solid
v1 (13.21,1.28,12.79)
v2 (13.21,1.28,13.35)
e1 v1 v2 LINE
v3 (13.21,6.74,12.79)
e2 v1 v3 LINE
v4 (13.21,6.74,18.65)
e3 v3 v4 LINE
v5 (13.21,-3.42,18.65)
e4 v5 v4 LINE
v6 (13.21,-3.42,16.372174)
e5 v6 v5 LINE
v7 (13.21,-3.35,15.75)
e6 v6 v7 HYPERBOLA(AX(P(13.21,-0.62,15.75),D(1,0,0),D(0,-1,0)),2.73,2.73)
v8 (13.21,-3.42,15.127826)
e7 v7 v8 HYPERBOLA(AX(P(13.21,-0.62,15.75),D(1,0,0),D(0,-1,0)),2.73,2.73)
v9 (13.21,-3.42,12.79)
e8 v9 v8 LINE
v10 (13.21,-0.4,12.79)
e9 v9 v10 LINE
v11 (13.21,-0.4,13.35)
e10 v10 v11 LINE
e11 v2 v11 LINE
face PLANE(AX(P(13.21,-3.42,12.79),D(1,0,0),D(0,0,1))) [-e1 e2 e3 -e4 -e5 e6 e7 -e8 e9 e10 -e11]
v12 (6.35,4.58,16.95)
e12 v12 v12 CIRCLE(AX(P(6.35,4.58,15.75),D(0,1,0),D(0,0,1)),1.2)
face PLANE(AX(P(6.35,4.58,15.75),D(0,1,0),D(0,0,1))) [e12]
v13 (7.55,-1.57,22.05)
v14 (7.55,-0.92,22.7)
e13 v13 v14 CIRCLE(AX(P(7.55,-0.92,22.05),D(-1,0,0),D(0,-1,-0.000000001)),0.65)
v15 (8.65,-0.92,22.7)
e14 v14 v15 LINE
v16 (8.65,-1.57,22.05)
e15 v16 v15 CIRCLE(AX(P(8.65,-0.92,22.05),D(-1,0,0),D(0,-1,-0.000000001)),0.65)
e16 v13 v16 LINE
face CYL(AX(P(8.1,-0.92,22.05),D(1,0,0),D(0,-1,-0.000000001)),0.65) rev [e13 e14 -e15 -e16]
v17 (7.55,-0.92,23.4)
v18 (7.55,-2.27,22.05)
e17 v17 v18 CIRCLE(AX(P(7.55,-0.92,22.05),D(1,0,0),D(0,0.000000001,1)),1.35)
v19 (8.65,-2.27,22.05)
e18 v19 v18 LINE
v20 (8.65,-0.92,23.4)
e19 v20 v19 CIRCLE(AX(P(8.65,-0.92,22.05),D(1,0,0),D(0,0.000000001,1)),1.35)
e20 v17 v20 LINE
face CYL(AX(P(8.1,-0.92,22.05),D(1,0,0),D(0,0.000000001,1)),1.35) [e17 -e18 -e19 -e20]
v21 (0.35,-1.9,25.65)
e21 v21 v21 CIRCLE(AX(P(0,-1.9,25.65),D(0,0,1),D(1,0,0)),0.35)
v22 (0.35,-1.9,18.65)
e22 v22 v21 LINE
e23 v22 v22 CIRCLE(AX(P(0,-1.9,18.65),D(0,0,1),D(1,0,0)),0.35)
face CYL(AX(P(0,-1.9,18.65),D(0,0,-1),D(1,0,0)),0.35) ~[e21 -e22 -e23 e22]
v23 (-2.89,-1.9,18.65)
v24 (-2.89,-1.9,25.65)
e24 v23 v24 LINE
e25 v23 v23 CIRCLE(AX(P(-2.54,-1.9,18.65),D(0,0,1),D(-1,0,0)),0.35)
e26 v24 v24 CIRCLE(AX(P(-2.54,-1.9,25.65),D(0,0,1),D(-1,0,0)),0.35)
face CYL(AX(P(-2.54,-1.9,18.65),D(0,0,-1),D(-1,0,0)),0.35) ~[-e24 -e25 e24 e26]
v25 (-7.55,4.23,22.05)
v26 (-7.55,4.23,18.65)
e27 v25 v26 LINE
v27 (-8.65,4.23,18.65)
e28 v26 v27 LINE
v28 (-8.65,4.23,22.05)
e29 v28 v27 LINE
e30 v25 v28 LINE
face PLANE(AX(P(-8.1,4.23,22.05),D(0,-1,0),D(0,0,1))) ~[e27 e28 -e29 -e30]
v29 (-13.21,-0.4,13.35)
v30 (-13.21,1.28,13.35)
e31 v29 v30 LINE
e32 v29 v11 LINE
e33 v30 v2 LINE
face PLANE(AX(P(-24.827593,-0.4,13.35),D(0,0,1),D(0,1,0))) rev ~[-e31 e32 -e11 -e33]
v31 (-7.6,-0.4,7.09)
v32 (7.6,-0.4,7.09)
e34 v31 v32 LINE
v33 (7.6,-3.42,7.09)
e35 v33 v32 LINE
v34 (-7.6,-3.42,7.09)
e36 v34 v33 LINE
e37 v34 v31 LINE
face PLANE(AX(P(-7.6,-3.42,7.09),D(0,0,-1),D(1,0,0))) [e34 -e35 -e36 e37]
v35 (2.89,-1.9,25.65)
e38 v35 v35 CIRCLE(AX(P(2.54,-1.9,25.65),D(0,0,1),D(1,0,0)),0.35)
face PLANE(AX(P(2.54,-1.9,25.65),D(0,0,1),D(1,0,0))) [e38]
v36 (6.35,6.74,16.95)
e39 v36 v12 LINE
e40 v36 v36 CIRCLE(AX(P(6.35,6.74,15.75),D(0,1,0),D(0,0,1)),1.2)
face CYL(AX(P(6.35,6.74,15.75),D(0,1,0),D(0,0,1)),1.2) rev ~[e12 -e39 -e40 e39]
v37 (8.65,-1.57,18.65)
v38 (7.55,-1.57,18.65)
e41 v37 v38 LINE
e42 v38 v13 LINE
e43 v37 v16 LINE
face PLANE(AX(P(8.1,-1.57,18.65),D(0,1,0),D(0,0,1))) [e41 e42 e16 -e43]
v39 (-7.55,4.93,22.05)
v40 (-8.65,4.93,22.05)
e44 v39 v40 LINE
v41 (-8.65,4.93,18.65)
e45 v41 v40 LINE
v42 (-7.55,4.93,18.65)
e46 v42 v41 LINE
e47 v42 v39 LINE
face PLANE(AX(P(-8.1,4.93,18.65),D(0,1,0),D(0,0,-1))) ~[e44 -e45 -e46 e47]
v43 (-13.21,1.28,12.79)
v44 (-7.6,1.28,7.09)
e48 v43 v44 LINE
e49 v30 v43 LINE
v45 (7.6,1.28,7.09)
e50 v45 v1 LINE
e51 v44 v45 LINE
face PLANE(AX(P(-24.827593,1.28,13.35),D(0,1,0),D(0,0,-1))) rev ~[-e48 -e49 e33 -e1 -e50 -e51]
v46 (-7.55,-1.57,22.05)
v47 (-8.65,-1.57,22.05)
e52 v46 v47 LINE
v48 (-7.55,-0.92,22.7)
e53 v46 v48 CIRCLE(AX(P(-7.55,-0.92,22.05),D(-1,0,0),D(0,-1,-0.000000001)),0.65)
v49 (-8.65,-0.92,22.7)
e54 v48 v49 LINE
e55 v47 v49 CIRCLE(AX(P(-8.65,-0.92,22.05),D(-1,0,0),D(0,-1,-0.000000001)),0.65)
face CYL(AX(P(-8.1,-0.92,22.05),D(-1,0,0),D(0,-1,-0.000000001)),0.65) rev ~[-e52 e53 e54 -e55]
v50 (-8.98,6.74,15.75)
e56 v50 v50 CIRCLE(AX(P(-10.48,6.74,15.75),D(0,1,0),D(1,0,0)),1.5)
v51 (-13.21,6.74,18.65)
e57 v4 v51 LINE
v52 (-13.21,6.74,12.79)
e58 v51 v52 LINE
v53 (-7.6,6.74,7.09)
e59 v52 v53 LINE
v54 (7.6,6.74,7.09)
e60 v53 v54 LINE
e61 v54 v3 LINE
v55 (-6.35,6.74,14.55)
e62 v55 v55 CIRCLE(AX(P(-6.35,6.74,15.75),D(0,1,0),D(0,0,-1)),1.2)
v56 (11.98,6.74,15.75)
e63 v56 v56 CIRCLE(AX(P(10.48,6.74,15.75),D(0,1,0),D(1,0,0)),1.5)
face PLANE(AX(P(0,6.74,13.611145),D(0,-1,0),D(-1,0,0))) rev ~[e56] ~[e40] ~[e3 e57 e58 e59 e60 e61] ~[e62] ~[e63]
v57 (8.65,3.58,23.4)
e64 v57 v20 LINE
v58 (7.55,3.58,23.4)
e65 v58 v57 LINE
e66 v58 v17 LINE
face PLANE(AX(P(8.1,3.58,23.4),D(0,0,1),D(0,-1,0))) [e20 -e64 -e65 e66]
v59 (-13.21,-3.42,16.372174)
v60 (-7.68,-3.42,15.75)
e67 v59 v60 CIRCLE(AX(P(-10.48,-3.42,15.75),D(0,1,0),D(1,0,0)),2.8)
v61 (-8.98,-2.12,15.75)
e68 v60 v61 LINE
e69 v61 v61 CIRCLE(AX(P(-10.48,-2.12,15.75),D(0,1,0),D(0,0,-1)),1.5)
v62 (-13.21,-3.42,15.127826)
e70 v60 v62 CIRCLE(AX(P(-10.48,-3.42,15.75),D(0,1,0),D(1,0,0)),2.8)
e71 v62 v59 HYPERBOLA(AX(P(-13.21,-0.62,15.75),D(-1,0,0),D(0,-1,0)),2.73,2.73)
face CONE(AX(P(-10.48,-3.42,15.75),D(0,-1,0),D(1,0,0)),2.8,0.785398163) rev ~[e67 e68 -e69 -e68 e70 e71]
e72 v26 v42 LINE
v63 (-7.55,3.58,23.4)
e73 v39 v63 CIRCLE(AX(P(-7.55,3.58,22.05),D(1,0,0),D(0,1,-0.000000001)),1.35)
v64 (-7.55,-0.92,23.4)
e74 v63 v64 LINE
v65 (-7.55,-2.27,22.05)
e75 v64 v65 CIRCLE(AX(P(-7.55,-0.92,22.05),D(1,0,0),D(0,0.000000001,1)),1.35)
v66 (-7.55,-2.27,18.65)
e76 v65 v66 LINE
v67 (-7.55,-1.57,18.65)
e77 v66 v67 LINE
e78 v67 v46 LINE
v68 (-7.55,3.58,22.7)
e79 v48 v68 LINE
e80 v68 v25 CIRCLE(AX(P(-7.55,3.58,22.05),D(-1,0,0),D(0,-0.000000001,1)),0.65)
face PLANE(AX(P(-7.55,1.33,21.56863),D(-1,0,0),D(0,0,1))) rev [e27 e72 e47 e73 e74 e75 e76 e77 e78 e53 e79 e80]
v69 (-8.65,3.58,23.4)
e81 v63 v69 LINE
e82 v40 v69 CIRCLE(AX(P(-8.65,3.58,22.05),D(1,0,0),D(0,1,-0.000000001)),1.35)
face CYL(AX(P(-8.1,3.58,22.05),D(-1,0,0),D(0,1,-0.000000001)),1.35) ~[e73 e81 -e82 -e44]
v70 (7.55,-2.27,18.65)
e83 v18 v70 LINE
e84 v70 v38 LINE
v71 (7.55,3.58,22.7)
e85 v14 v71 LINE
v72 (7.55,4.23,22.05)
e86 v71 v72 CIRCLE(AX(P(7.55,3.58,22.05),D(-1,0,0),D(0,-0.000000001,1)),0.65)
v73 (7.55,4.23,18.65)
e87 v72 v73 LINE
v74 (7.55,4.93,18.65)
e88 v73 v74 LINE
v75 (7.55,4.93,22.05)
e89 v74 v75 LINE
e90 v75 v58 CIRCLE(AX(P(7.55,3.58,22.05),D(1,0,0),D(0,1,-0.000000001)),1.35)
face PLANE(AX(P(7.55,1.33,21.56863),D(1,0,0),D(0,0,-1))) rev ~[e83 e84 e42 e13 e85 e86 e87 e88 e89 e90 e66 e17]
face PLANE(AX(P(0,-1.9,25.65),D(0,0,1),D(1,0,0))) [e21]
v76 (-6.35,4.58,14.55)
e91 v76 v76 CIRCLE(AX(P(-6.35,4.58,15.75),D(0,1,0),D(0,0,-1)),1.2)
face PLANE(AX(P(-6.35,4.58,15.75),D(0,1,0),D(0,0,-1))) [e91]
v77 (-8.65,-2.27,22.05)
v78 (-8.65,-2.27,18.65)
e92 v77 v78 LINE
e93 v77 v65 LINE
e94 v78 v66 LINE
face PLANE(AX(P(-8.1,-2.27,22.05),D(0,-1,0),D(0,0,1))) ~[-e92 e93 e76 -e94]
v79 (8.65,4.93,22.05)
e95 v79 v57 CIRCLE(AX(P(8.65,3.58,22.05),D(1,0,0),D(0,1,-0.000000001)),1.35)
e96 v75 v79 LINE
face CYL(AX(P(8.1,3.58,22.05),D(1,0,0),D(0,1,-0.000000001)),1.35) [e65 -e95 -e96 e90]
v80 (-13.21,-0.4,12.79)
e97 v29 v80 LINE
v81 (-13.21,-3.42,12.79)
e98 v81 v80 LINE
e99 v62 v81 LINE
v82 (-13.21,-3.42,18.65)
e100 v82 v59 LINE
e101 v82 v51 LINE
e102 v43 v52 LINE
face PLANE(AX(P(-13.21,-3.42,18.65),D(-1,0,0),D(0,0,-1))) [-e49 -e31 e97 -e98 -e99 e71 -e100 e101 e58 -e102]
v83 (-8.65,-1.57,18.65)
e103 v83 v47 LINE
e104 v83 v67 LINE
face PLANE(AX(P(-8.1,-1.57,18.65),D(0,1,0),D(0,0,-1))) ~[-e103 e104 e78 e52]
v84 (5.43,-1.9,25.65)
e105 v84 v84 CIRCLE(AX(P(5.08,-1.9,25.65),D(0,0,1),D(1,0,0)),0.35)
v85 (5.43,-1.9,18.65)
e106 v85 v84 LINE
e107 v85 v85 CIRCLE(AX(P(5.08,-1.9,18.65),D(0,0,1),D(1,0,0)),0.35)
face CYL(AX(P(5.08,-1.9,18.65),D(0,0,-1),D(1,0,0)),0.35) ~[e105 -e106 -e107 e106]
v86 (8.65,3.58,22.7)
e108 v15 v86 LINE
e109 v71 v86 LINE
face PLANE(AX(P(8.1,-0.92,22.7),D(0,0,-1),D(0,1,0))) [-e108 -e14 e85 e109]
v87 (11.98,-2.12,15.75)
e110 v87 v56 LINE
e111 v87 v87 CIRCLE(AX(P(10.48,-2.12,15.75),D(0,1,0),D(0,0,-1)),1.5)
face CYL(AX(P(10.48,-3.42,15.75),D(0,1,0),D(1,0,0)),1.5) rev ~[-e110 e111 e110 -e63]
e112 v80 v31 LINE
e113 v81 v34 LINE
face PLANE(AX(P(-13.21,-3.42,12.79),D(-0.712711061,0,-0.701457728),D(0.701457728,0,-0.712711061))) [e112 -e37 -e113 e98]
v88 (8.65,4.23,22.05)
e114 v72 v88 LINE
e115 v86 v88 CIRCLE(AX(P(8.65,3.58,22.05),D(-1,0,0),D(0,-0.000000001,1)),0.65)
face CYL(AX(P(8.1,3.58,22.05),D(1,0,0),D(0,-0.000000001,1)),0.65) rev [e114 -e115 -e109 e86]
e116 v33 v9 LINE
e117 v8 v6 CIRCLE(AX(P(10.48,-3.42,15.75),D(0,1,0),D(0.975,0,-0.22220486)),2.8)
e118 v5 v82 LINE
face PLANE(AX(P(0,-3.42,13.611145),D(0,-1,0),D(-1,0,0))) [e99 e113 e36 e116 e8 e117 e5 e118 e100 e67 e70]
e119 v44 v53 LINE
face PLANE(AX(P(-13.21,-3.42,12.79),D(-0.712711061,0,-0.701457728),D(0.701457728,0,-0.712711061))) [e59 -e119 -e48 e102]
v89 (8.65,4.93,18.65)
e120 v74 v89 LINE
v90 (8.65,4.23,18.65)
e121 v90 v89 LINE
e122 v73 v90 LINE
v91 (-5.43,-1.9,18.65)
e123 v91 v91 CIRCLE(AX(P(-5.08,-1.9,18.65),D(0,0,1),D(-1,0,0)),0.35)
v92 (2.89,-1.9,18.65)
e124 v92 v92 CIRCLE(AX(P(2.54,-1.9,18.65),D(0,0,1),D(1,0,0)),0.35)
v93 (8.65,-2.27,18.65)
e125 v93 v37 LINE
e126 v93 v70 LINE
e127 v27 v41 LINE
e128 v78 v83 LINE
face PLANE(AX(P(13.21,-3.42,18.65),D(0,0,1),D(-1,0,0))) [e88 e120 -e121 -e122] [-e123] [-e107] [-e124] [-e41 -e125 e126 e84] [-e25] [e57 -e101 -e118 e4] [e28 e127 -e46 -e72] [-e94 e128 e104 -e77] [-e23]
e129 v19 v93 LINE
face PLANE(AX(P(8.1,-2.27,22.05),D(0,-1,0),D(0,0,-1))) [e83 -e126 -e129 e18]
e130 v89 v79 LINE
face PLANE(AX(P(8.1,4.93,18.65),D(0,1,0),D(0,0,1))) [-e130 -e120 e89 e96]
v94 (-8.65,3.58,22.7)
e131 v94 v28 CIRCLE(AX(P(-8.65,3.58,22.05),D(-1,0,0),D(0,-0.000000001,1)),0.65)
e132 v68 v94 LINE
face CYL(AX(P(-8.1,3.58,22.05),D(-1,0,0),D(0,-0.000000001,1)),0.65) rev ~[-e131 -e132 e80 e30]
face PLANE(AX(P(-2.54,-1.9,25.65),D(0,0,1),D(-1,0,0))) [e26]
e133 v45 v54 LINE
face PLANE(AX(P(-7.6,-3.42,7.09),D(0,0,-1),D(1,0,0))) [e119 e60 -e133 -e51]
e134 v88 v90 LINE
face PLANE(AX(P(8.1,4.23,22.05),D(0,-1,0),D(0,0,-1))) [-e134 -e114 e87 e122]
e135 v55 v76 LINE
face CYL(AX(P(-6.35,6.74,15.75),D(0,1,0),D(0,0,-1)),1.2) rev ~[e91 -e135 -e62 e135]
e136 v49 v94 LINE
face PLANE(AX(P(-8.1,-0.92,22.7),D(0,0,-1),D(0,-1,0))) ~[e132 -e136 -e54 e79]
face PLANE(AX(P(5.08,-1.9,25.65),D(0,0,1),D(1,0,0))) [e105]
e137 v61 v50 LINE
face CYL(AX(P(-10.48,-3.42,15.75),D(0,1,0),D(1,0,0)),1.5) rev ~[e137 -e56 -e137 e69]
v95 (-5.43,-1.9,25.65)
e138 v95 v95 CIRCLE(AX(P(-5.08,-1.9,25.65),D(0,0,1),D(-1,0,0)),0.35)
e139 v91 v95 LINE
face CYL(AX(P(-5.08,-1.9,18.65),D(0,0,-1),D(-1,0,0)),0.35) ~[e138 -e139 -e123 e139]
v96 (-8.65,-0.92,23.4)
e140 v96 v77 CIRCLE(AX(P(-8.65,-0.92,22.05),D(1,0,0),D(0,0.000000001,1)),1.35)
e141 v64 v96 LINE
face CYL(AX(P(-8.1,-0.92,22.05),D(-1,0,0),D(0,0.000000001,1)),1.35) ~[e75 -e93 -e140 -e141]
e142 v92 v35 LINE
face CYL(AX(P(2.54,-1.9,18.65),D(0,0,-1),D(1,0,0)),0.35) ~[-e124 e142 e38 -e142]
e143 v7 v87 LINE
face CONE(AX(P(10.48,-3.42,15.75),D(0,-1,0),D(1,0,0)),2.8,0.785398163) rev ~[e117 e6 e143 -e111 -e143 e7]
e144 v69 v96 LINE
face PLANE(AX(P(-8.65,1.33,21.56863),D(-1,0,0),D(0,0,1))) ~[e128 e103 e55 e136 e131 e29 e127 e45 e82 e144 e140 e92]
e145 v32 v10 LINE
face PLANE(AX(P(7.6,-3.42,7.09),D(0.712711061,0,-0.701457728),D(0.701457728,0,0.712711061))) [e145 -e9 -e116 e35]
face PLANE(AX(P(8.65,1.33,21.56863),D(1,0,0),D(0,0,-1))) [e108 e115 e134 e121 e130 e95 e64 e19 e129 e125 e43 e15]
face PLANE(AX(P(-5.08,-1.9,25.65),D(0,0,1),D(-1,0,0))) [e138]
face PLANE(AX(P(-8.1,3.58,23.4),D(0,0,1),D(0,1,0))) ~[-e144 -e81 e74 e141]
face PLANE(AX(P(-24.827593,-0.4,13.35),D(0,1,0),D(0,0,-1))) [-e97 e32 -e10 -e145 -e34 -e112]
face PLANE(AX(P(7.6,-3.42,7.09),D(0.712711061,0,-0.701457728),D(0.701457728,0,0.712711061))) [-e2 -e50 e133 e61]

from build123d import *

# Parameters (mm, degrees)
AUFSATZ_LINEAR_AUSTRAGEN1_DEPTH                      = 6.74
AUFSATZ_LINEAR_AUSTRAGEN1_DEPTH_BACK                 = 3.42
SKIZZE1_R                                            = 1.385
SCHNITT_LINEAR_AUSTRAGEN1_DEPTH                      = 24.827593248
SCHNITT_LINEAR_AUSTRAGEN1_DEPTH_BACK                 = 24.827593248
SKIZZE2_W                                            = 16.035180953
SKIZZE2_H                                            = 1.68
SKIZZE3_R                                            = 1.2
SCHNITT_LINEAR_AUSTRAGEN2_DEPTH                      = 2.16
SKIZZE4_R                                            = 0.35
AUFSATZ_LINEAR_AUSTRAGEN2_DEPTH                      = 7
LINEAR_AUSTRAGEN_D_NN1_DEPTH                         = 0.55
FORMSENKUNG_F_R_M3_SENKSCHRAUBE_MIT_SCHL_D           = 3
FORMSENKUNG_F_R_M3_SENKSCHRAUBE_MIT_SCHL_DEPTH       = 11
FORMSENKUNG_F_R_M3_SENKSCHRAUBE_MIT_SCHL_CSINK_D     = 5.6
FORMSENKUNG_F_R_M3_SENKSCHRAUBE_MIT_SCHL_CSINK_ANGLE = 90
FORMSENKUNG_F_R_M3_SENKSCHRAUBE_MIT_SCHL_TIP         = 0.901290929


with BuildPart() as part:
    # Skizze1 → Aufsatz-Linear austragen1 (new, two sides: drawn at the far end of the back side and taken through both)
    with BuildSketch(Plane(origin=(0, 0, 0), x_dir=(1, 0, 0), z_dir=(0, 1, 0)).offset(-AUFSATZ_LINEAR_AUSTRAGEN1_DEPTH_BACK)):
        Polygon((-13.21, -18.65), (-13.21, -12.79), (-7.6, -7.09), (7.6, -7.09), (13.21, -12.79), (13.21, -18.65), align=None)
        with Locations((-10.48, -15.75)):
            Circle(SKIZZE1_R, mode=Mode.SUBTRACT)
        with Locations((10.48, -15.75)):
            Circle(SKIZZE1_R, mode=Mode.SUBTRACT)
    extrude(amount=AUFSATZ_LINEAR_AUSTRAGEN1_DEPTH + AUFSATZ_LINEAR_AUSTRAGEN1_DEPTH_BACK)

    # Skizze2 → Schnitt-Linear austragen1 (cut, two sides: drawn at the far end of the back side and taken through both)
    with BuildSketch(Plane(origin=(0, 0, 0), x_dir=(0, 0, -1), z_dir=(1, 0, 0)).offset(-SCHNITT_LINEAR_AUSTRAGEN1_DEPTH_BACK)):
        with Locations((-5.332409524, 0.44)):
            Rectangle(SKIZZE2_W, SKIZZE2_H)
    extrude(amount=SCHNITT_LINEAR_AUSTRAGEN1_DEPTH + SCHNITT_LINEAR_AUSTRAGEN1_DEPTH_BACK, mode=Mode.SUBTRACT)

    # Skizze3 → Schnitt-Linear austragen2 (cut)
    with BuildSketch(Plane(origin=(0, 6.74, 0), x_dir=(1, 0, 0), z_dir=(0, 1, 0))):
        with Locations((6.35, -15.75)):
            Circle(SKIZZE3_R)
        with Locations((-6.35, -15.75)):
            Circle(SKIZZE3_R)
    extrude(amount=-SCHNITT_LINEAR_AUSTRAGEN2_DEPTH, mode=Mode.SUBTRACT)

    # Skizze4 → Aufsatz-Linear austragen2 (add)
    with BuildSketch(Plane.XY.offset(18.65)):
        with Locations((0, -1.9)):
            Circle(SKIZZE4_R)
        with Locations((2.54, -1.9)):
            Circle(SKIZZE4_R)
        with Locations((5.08, -1.9)):
            Circle(SKIZZE4_R)
        with Locations((-2.54, -1.9)):
            Circle(SKIZZE4_R)
        with Locations((-5.08, -1.9)):
            Circle(SKIZZE4_R)
    extrude(amount=AUFSATZ_LINEAR_AUSTRAGEN2_DEPTH)

    # Skizze5 → Linear-Austragen-Dünn1 (add, symmetric)
    with BuildSketch(Plane(origin=(8.1, 0, 0), x_dir=(0, 0, -1), z_dir=(1, 0, 0))):
        with BuildLine():
            Line((-18.65, -1.57), (-22.05, -1.57))
            ThreePointArc((-22.05, -1.57), (-22.509619408, -1.379619408), (-22.7, -0.92))
            Line((-22.7, -0.92), (-22.7, 3.58))
            ThreePointArc((-22.7, 3.58), (-22.509619408, 4.039619408), (-22.05, 4.23))
            Line((-22.05, 4.23), (-18.65, 4.23))
            Line((-18.65, 4.23), (-18.65, 4.93))
            Line((-18.65, 4.93), (-22.05, 4.93))
            ThreePointArc((-22.05, 4.93), (-23.004594155, 4.534594155), (-23.4, 3.58))
            Line((-23.4, 3.58), (-23.4, -0.92))
            ThreePointArc((-23.4, -0.92), (-23.004594155, -1.874594155), (-22.05, -2.27))
            Line((-22.05, -2.27), (-18.65, -2.27))
            Line((-18.65, -2.27), (-18.65, -1.57))
        make_face()
    linear_austragen_d_nn1 = extrude(amount=LINEAR_AUSTRAGEN_D_NN1_DEPTH, both=True)

    # Spiegeln1: Linear-Austragen-Dünn1 across plane
    add(linear_austragen_d_nn1.mirror(Plane(origin=(0, 0, 0), x_dir=(0, 0, 1), z_dir=(1, 0, 0))))

    # Formsenkung für M3 Senkschraube mit Schlitz/Kreuzschlitz1
    with Locations(Plane(origin=(0, -3.42, 0), x_dir=(-1, 0, 0), z_dir=(0, -1, 0))):
        with Locations((-10.48, -15.75), (10.48, -15.75)):
            CounterSinkHole(FORMSENKUNG_F_R_M3_SENKSCHRAUBE_MIT_SCHL_D / 2, FORMSENKUNG_F_R_M3_SENKSCHRAUBE_MIT_SCHL_CSINK_D / 2, depth=FORMSENKUNG_F_R_M3_SENKSCHRAUBE_MIT_SCHL_DEPTH, counter_sink_angle=FORMSENKUNG_F_R_M3_SENKSCHRAUBE_MIT_SCHL_CSINK_ANGLE)
            with Locations((0, 0, -(FORMSENKUNG_F_R_M3_SENKSCHRAUBE_MIT_SCHL_DEPTH + FORMSENKUNG_F_R_M3_SENKSCHRAUBE_MIT_SCHL_TIP / 2))):  # 118° drill point
                Cone(0, FORMSENKUNG_F_R_M3_SENKSCHRAUBE_MIT_SCHL_D / 2, FORMSENKUNG_F_R_M3_SENKSCHRAUBE_MIT_SCHL_TIP, mode=Mode.SUBTRACT)


solid = part.part
